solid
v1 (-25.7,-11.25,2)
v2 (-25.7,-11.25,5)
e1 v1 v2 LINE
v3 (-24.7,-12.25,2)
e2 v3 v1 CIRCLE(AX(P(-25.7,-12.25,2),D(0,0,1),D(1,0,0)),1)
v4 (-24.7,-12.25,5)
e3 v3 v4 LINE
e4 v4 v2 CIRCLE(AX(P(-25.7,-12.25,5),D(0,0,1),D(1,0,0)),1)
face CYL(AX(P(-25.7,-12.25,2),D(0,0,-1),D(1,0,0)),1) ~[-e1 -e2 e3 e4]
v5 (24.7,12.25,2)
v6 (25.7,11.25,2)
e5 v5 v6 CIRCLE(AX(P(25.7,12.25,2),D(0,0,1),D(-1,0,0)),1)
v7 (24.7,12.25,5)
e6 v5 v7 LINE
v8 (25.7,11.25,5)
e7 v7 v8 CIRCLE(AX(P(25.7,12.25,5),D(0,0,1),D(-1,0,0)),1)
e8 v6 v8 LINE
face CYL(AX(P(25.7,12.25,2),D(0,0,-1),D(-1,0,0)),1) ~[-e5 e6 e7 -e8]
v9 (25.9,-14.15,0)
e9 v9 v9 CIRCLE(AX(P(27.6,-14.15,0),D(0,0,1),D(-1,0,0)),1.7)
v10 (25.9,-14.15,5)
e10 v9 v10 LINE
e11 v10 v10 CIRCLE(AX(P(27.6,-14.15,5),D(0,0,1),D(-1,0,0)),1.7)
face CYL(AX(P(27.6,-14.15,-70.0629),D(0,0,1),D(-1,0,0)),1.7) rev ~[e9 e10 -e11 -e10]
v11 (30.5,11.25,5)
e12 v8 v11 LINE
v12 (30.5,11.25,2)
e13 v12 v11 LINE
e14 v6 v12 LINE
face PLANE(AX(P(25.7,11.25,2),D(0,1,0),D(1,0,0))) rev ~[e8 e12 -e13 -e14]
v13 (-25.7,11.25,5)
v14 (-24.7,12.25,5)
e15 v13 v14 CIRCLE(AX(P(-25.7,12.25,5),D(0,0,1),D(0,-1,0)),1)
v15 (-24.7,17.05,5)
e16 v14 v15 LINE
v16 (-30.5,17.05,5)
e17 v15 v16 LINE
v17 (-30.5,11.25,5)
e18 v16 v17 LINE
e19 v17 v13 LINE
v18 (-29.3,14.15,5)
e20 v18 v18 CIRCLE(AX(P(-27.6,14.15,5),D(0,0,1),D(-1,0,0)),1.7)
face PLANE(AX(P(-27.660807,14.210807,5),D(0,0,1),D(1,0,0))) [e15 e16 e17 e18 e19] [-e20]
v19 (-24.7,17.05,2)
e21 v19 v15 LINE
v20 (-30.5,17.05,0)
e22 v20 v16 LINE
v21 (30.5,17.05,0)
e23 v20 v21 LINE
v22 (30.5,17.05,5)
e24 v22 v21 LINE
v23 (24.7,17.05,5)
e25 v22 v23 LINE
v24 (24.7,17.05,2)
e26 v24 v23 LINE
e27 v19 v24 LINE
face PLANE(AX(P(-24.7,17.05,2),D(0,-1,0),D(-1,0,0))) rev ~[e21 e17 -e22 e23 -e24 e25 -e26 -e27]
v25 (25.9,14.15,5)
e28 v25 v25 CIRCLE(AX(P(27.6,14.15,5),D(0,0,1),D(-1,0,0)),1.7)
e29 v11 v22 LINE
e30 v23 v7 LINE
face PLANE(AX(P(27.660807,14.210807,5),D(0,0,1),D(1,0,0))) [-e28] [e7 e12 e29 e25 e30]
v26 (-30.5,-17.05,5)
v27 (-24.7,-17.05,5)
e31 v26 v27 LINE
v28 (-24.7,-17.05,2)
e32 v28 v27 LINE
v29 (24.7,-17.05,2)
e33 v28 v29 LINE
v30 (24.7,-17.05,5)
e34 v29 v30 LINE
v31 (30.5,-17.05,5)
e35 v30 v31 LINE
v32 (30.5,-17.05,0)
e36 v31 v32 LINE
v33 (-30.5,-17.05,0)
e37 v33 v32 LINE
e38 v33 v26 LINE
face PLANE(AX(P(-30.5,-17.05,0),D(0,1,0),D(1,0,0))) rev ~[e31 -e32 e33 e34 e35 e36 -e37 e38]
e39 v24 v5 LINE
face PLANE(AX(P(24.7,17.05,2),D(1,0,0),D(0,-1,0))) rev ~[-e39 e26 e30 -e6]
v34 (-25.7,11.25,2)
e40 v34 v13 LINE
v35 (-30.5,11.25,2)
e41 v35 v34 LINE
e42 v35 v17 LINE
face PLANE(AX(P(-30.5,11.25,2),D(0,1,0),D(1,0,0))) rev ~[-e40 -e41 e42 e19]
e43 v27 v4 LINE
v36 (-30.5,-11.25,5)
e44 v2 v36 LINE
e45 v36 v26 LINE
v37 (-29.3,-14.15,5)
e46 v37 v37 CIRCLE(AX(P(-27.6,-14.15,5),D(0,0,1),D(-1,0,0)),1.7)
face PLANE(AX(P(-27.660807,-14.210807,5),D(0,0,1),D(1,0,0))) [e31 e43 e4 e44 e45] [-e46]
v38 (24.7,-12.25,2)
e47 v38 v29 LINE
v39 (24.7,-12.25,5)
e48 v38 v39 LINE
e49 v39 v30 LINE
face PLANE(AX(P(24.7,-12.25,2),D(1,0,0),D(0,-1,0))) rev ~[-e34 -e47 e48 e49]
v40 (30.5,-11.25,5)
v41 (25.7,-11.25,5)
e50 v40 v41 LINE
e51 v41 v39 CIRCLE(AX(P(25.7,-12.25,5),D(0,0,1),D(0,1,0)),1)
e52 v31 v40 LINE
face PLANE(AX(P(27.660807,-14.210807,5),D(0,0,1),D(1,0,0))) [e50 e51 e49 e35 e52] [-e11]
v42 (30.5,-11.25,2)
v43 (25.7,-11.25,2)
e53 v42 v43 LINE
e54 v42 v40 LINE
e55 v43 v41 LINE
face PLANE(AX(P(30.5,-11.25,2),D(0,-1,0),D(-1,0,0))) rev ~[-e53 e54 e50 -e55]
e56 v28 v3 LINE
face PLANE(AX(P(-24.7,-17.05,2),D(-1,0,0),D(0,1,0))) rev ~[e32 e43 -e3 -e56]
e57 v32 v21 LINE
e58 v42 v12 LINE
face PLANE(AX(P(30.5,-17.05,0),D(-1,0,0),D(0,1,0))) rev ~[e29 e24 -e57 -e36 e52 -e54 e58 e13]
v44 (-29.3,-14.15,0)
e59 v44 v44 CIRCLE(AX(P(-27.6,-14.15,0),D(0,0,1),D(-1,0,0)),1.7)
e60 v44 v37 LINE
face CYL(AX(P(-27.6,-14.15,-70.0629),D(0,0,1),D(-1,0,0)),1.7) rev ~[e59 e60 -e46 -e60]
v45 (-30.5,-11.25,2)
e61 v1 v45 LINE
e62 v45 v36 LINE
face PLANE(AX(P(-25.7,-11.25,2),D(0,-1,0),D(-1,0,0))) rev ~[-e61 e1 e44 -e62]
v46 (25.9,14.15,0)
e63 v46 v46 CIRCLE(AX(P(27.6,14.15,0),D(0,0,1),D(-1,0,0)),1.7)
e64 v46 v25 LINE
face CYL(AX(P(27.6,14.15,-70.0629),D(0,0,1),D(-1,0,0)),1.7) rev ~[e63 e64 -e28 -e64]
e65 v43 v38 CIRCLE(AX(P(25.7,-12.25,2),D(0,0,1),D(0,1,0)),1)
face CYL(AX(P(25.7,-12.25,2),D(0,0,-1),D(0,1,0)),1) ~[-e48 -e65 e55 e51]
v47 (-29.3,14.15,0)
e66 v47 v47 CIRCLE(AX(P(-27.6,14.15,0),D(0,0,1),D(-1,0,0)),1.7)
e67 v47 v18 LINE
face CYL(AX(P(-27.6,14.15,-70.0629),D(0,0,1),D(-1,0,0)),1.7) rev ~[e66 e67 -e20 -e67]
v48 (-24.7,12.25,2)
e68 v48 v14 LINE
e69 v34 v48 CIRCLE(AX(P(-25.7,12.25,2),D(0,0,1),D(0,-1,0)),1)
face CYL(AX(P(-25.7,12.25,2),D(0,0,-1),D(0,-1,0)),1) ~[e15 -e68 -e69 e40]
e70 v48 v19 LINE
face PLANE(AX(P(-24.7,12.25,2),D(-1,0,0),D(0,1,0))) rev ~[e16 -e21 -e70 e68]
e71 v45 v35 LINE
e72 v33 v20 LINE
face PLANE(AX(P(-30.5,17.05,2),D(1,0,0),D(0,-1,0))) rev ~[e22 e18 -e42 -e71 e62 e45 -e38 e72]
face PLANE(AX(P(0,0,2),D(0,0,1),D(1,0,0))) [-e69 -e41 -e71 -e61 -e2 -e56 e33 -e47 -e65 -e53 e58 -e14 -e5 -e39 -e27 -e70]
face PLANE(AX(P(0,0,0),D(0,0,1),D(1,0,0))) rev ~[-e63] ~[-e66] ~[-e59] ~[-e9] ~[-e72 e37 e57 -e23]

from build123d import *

# Parameters (mm, degrees)
F0_W     = 61
F0_H     = 34.1
F1_DEPTH = 2
F3_DEPTH = 3
F4_D     = 3.4


with BuildPart() as f1:
    # F0 (on Top) → F1 (new body)
    with BuildSketch(Plane.XY):
        Rectangle(F0_W, F0_H)
    extrude(amount=F1_DEPTH)

    # F2 (on face) → F3 (join)
    with BuildSketch(Plane.XY.offset(2)):
        with BuildLine():
            Line((-24.7, 17.05), (-30.5, 17.05))
            Line((-30.5, 17.05), (-30.5, 11.25))
            Line((-30.5, 11.25), (-25.7, 11.25))
            ThreePointArc((-25.7, 11.25), (-24.9928932188, 11.5428932188), (-24.7, 12.25))
            Line((-24.7, 12.25), (-24.7, 17.05))
        make_face()
        with BuildLine():
            Line((-25.7, -11.25), (-30.5, -11.25))
            Line((-30.5, -11.25), (-30.5, -17.05))
            Line((-30.5, -17.05), (-24.7, -17.05))
            Line((-24.7, -17.05), (-24.7, -12.25))
            ThreePointArc((-24.7, -12.25), (-24.9928932188, -11.5428932188), (-25.7, -11.25))
        make_face()
        with BuildLine():
            Line((30.5, -17.05), (30.5, -11.25))
            Line((30.5, -11.25), (25.7, -11.25))
            ThreePointArc((25.7, -11.25), (24.9928932188, -11.5428932188), (24.7, -12.25))
            Line((24.7, -12.25), (24.7, -17.05))
            Line((24.7, -17.05), (30.5, -17.05))
        make_face()
        with BuildLine():
            Line((30.5, 17.05), (24.7, 17.05))
            Line((24.7, 17.05), (24.7, 12.25))
            ThreePointArc((24.7, 12.25), (24.9928932188, 11.5428932188), (25.7, 11.25))
            Line((25.7, 11.25), (30.5, 11.25))
            Line((30.5, 11.25), (30.5, 17.05))
        make_face()
    extrude(amount=F3_DEPTH)

    # F4 (through all)
    with Locations(Plane(origin=(0, 0, 0), x_dir=(1, 0, 0), z_dir=(0, 0, -1))):
        with Locations((-27.6, -14.15), (27.6, -14.15), (27.6, 14.15), (-27.6, 14.15)):
            Hole(F4_D / 2)


solid = f1.part
